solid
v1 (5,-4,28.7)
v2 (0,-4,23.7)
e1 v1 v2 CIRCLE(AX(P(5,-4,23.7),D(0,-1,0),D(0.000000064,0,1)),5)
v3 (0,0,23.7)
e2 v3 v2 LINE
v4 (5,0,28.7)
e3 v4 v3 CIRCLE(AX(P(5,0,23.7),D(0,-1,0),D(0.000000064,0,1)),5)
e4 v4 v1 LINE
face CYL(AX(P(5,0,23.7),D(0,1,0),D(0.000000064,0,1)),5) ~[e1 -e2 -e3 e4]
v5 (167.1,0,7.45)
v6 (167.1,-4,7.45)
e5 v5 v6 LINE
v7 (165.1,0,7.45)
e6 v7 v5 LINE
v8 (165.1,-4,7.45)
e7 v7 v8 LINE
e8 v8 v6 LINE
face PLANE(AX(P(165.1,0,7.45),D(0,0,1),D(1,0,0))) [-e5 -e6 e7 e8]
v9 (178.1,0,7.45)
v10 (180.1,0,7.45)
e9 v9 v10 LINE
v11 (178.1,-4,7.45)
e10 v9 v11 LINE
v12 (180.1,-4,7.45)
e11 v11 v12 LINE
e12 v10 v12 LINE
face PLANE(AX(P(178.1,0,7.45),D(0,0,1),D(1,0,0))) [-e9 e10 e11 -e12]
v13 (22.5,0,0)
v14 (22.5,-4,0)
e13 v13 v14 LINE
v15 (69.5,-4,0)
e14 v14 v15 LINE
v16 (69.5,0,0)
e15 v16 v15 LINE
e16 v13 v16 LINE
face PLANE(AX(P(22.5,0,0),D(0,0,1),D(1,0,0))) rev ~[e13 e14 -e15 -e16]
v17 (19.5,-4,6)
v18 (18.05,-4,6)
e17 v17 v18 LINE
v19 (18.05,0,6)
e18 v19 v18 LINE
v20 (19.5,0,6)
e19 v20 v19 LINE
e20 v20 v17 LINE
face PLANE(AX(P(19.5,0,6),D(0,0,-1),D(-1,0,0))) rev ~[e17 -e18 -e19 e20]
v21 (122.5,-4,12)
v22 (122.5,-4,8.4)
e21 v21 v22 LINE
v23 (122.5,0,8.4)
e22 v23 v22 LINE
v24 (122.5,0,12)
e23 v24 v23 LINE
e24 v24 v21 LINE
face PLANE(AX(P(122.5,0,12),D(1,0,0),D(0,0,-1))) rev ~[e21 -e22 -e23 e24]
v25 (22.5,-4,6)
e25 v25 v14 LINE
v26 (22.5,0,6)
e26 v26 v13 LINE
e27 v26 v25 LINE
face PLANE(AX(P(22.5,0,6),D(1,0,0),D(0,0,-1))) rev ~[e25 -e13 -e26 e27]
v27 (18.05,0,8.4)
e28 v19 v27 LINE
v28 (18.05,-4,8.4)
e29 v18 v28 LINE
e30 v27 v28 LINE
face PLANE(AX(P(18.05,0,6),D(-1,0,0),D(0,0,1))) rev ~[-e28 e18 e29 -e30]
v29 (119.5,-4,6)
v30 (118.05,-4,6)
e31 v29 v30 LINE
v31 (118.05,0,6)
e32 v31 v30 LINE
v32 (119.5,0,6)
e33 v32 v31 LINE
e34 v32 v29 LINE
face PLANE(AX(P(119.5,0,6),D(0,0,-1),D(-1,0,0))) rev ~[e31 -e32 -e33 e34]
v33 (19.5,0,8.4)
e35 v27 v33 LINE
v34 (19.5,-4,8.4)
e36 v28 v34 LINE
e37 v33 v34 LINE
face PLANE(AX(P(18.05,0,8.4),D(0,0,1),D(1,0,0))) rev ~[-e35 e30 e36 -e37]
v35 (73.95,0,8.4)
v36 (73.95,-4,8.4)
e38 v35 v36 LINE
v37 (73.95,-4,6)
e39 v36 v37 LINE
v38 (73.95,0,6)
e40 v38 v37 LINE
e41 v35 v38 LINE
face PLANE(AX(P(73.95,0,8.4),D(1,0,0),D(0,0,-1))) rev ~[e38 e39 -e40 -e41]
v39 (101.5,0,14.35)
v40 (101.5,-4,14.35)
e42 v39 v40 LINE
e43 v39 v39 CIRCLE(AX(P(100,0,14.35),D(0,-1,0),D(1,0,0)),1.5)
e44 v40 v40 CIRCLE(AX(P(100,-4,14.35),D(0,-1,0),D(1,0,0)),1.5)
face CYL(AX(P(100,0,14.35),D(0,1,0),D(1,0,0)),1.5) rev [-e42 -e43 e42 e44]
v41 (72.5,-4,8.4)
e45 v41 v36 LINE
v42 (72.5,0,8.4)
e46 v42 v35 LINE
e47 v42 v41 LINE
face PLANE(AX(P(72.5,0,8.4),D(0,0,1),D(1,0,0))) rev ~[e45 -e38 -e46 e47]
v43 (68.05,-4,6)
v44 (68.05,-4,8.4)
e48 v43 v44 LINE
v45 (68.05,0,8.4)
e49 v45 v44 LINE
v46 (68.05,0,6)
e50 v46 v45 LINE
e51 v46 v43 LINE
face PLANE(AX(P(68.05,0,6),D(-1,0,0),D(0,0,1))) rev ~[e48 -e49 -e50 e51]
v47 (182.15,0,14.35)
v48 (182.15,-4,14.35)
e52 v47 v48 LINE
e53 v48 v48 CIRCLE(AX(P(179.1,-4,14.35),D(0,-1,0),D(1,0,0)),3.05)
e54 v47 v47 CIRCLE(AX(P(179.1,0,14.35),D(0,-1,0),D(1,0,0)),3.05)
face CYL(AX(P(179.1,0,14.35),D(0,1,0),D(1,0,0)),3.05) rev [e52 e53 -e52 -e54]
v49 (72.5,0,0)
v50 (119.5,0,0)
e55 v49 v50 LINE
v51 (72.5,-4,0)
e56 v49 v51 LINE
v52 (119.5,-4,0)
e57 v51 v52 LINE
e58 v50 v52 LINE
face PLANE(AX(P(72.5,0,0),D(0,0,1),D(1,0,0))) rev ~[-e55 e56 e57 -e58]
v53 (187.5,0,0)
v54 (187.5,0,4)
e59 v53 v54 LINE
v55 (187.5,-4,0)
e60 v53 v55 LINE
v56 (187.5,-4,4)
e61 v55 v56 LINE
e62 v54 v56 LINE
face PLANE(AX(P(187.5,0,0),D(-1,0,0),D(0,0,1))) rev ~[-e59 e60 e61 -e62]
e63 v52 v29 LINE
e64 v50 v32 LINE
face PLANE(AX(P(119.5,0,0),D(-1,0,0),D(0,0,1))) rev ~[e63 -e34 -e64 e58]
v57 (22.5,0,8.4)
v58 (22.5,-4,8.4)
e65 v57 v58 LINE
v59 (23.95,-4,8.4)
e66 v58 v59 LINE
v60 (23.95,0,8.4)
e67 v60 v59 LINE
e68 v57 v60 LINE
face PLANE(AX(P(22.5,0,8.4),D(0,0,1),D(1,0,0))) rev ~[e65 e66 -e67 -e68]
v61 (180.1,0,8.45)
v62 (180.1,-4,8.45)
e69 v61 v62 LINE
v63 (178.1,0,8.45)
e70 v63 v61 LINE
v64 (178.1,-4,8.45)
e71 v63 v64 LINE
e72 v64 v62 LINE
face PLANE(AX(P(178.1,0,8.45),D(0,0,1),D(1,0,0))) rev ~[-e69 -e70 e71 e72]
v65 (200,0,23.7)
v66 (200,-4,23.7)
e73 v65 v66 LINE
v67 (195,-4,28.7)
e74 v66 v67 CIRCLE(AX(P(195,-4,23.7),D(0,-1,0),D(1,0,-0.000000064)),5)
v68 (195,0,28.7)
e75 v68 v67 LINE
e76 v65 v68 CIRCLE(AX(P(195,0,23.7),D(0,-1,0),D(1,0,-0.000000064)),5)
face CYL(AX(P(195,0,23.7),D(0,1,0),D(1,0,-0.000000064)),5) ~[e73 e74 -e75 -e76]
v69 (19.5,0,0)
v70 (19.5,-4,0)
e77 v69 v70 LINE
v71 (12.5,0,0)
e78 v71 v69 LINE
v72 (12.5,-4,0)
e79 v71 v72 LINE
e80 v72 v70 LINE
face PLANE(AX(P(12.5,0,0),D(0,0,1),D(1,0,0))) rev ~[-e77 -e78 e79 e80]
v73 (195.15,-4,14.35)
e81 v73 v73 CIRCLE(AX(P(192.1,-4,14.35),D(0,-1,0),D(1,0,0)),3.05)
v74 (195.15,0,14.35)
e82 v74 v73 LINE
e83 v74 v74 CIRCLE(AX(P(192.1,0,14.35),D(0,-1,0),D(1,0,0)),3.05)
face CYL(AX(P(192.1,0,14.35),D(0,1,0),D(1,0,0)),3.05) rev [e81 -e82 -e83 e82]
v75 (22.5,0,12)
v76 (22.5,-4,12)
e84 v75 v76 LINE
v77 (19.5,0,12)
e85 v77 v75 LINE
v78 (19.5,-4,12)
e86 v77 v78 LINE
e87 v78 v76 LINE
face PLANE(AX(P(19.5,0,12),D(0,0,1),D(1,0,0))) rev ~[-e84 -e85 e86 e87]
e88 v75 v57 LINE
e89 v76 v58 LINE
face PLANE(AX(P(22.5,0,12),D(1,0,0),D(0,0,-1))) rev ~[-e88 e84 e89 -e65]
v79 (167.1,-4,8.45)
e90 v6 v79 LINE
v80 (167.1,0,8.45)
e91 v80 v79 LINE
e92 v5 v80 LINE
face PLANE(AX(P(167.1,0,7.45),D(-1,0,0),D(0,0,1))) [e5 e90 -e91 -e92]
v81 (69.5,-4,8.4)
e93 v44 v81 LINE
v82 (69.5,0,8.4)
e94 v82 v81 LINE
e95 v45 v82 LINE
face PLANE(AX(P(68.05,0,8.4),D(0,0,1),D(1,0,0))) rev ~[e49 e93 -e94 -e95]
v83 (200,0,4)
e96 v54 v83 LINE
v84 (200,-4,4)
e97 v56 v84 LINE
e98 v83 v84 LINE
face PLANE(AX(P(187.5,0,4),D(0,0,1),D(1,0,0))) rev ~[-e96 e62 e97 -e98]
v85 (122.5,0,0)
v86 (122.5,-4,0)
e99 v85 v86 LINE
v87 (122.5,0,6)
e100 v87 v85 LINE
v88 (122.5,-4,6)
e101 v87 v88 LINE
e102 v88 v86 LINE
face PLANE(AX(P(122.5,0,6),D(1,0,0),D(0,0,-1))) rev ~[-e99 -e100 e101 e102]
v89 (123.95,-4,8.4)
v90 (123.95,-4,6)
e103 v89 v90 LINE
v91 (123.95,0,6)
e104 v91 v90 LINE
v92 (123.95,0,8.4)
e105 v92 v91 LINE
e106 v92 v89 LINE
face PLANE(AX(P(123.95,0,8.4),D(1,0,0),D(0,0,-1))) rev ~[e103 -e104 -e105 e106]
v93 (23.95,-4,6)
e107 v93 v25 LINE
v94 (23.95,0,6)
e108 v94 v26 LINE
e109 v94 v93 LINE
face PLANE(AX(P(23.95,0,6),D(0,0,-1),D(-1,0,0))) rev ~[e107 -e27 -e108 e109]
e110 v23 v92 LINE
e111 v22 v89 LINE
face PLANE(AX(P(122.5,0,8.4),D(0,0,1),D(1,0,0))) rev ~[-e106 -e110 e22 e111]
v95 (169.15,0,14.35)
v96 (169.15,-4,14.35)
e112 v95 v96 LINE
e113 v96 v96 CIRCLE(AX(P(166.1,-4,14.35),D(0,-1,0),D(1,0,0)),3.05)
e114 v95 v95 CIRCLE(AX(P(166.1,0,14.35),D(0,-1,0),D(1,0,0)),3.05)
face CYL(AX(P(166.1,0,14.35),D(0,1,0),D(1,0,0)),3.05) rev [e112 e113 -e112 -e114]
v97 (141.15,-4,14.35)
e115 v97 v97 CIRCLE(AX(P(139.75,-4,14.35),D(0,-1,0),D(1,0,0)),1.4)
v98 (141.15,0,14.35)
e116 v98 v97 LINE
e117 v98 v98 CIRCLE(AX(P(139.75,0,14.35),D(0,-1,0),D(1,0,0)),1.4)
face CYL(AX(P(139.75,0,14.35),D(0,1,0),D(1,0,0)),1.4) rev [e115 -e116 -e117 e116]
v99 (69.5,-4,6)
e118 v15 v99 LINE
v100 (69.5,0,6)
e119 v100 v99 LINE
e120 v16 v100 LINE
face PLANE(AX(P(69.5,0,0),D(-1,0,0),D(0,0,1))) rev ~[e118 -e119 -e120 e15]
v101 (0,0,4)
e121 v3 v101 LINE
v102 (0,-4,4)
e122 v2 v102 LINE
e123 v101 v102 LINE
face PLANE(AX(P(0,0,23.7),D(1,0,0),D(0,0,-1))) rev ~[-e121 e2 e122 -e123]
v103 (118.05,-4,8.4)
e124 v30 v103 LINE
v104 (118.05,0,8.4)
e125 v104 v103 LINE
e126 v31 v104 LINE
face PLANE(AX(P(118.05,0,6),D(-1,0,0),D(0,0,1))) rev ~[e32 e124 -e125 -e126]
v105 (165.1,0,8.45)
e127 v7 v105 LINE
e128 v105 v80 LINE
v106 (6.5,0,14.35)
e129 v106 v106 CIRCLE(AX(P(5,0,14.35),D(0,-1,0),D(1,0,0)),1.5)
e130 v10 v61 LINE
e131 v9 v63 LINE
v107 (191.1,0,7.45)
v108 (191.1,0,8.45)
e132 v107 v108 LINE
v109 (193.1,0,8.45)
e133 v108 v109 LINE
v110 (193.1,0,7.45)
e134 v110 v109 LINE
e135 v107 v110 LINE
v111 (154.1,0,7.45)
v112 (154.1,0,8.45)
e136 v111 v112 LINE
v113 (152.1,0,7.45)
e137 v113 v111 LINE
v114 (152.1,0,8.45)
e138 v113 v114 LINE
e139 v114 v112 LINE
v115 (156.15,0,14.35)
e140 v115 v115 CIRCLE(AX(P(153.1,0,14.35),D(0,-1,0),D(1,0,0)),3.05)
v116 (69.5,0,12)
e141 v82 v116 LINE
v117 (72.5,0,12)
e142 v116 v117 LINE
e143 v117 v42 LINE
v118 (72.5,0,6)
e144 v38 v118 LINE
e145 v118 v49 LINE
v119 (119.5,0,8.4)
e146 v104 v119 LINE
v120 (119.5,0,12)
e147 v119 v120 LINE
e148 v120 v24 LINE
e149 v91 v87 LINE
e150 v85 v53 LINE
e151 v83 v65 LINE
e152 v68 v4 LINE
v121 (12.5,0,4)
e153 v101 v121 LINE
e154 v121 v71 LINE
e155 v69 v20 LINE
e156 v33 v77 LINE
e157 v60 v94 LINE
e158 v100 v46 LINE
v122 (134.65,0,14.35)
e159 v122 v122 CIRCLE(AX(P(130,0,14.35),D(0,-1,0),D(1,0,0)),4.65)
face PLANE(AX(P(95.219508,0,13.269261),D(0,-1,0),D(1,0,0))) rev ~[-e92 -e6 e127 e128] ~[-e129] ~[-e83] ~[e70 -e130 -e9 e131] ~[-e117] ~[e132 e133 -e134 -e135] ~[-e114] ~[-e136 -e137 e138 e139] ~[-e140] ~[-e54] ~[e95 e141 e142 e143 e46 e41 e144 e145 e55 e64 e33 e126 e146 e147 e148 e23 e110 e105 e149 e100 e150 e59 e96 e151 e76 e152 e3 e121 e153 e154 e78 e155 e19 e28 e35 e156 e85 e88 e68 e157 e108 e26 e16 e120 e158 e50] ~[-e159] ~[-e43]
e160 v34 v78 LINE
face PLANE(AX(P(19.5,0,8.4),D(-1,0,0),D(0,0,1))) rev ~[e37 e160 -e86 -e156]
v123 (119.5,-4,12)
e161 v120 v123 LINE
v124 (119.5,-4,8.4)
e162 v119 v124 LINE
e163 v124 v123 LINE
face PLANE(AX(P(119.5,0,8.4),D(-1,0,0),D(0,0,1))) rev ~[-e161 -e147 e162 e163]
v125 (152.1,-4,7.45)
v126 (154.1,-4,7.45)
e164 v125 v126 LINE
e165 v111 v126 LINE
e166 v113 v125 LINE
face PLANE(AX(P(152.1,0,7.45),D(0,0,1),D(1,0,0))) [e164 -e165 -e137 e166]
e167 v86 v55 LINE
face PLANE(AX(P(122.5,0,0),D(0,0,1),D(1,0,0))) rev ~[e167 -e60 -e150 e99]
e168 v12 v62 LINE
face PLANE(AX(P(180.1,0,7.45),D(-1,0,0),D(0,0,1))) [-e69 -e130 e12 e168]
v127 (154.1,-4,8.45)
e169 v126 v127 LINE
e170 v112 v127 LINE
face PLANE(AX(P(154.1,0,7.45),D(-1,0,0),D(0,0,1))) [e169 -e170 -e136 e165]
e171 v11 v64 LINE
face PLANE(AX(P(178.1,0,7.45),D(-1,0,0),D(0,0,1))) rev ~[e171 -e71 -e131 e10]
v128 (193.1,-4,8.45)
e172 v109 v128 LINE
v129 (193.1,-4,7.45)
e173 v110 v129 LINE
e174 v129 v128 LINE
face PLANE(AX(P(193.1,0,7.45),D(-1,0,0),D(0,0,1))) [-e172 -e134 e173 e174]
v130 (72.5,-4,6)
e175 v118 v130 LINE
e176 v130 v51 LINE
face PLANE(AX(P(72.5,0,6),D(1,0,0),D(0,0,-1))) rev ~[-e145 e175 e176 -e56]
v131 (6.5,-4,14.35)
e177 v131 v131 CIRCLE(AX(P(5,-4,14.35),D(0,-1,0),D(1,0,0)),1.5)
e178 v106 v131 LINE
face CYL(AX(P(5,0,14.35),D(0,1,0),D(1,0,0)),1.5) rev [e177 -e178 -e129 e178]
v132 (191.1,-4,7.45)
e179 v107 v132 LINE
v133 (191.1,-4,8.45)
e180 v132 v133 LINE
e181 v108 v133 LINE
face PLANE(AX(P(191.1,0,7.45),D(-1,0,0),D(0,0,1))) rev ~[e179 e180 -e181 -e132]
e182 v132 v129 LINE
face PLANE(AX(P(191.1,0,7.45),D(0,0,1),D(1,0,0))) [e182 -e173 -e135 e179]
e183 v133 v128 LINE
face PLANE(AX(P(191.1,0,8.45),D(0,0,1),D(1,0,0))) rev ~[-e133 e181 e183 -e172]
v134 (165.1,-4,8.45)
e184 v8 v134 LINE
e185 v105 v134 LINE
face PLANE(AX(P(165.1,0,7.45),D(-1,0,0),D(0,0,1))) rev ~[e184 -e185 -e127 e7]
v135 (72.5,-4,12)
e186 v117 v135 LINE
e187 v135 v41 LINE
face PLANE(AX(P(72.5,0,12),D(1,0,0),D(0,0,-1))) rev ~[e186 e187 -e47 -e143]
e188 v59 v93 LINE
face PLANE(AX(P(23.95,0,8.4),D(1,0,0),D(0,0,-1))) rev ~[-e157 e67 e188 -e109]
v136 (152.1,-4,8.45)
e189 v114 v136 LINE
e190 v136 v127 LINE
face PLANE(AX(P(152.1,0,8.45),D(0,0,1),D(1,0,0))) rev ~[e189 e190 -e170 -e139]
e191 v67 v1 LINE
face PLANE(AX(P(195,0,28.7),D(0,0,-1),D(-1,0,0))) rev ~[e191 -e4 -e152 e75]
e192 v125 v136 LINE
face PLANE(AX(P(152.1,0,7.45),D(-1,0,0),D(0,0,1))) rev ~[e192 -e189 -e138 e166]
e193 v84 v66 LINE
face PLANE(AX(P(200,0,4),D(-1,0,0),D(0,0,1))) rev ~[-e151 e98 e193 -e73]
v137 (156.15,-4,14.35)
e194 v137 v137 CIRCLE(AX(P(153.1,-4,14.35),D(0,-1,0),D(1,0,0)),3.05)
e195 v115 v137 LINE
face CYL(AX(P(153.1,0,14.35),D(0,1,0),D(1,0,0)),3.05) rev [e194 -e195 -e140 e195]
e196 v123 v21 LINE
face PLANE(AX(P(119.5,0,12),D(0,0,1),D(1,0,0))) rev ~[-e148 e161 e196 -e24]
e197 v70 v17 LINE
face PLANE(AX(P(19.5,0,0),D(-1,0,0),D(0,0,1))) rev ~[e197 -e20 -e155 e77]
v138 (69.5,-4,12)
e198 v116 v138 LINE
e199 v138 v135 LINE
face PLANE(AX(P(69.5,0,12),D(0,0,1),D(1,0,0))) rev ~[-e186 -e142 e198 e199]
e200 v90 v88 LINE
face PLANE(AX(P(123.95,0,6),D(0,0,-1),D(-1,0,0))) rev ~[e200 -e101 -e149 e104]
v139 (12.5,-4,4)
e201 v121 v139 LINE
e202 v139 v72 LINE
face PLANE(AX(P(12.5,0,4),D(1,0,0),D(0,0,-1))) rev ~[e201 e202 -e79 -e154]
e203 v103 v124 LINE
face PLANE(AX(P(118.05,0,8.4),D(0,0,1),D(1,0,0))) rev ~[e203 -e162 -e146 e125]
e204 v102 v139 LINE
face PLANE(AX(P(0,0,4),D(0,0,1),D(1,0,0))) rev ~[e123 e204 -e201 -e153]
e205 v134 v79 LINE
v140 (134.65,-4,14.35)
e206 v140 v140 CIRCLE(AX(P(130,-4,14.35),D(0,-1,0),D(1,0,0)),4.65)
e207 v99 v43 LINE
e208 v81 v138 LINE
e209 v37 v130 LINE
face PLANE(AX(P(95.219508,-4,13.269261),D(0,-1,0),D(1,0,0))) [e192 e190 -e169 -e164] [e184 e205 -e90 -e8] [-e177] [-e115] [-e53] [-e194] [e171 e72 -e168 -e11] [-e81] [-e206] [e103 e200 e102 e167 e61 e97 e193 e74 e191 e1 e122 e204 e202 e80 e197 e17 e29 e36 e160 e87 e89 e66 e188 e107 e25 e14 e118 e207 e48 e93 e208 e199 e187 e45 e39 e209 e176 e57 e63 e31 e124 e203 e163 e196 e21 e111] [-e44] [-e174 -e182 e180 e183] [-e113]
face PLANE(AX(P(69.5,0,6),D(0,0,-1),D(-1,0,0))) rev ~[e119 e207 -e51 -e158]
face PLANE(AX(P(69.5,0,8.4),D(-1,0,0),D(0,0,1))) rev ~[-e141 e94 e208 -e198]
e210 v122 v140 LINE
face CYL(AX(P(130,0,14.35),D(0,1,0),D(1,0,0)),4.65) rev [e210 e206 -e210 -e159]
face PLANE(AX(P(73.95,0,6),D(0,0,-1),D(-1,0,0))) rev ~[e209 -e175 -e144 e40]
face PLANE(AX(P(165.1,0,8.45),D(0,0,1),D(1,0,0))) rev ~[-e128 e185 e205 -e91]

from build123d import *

# Parameters (mm, degrees)
F0_R     = 1.5
F0_R_2   = 4.65
F0_R_3   = 1.4
F0_W     = 2
F0_H     = 1
F0_R_4   = 3.05
F1_DEPTH = 4


with BuildPart() as f1:
    # F0 (on Front) → F1 (new body)
    with BuildSketch(Plane.XZ):
        with BuildLine():
            Line((195, 28.7), (5, 28.7))
            ThreePointArc((5, 28.7), (1.464466, 27.235534), (0, 23.7))
            Line((0, 23.7), (0, 4))
            Line((0, 4), (12.5, 4))
            Line((12.5, 4), (12.5, 0))
            Line((12.5, 0), (19.5, 0))
            Line((19.5, 0), (19.5, 6))
            Line((19.5, 6), (18.05, 6))
            Line((18.05, 6), (18.05, 8.4))
            Line((18.05, 8.4), (19.5, 8.4))
            Line((19.5, 8.4), (19.5, 12))
            Line((19.5, 12), (22.5, 12))
            Line((22.5, 12), (22.5, 8.4))
            Line((22.5, 8.4), (23.95, 8.4))
            Line((23.95, 8.4), (23.95, 6))
            Line((23.95, 6), (22.5, 6))
            Line((22.5, 6), (22.5, 0))
            Line((22.5, 0), (69.5, 0))
            Line((69.5, 0), (69.5, 6))
            Line((69.5, 6), (68.05, 6))
            Line((68.05, 6), (68.05, 8.4))
            Line((68.05, 8.4), (69.5, 8.4))
            Line((69.5, 8.4), (69.5, 12))
            Line((69.5, 12), (72.5, 12))
            Line((72.5, 12), (72.5, 8.4))
            Line((72.5, 8.4), (73.95, 8.4))
            Line((73.95, 8.4), (73.95, 6))
            Line((73.95, 6), (72.5, 6))
            Line((72.5, 6), (72.5, 0))
            Line((72.5, 0), (119.5, 0))
            Line((119.5, 0), (119.5, 6))
            Line((119.5, 6), (118.05, 6))
            Line((118.05, 6), (118.05, 8.4))
            Line((118.05, 8.4), (119.5, 8.4))
            Line((119.5, 8.4), (119.5, 12))
            Line((119.5, 12), (122.5, 12))
            Line((122.5, 12), (122.5, 8.4))
            Line((122.5, 8.4), (123.95, 8.4))
            Line((123.95, 8.4), (123.95, 6))
            Line((123.95, 6), (122.5, 6))
            Line((122.5, 6), (122.5, 0))
            Line((122.5, 0), (187.5, 0))
            Line((187.5, 0), (187.5, 4))
            Line((187.5, 4), (200, 4))
            Line((200, 4), (200, 23.7))
            ThreePointArc((200, 23.7), (198.535534, 27.235534), (195, 28.7))
        make_face()
        with Locations((5, 14.35)):
            Circle(F0_R, mode=Mode.SUBTRACT)
        with Locations((100, 14.35)):
            Circle(F0_R, mode=Mode.SUBTRACT)
        with Locations((130, 14.35)):
            Circle(F0_R_2, mode=Mode.SUBTRACT)
        with Locations((139.75, 14.35)):
            Circle(F0_R_3, mode=Mode.SUBTRACT)
        with Locations((153.1, 7.95)):
            Rectangle(F0_W, F0_H, mode=Mode.SUBTRACT)
        with Locations((166.1, 7.95)):
            Rectangle(F0_W, F0_H, mode=Mode.SUBTRACT)
        with Locations((179.1, 7.95)):
            Rectangle(F0_W, F0_H, mode=Mode.SUBTRACT)
        with Locations((192.1, 7.95)):
            Rectangle(F0_W, F0_H, mode=Mode.SUBTRACT)
        with Locations((153.1, 14.35)):
            Circle(F0_R_4, mode=Mode.SUBTRACT)
        with Locations((166.1, 14.35)):
            Circle(F0_R_4, mode=Mode.SUBTRACT)
        with Locations((179.1, 14.35)):
            Circle(F0_R_4, mode=Mode.SUBTRACT)
        with Locations((192.1, 14.35)):
            Circle(F0_R_4, mode=Mode.SUBTRACT)
    extrude(amount=F1_DEPTH)


solid = f1.part
